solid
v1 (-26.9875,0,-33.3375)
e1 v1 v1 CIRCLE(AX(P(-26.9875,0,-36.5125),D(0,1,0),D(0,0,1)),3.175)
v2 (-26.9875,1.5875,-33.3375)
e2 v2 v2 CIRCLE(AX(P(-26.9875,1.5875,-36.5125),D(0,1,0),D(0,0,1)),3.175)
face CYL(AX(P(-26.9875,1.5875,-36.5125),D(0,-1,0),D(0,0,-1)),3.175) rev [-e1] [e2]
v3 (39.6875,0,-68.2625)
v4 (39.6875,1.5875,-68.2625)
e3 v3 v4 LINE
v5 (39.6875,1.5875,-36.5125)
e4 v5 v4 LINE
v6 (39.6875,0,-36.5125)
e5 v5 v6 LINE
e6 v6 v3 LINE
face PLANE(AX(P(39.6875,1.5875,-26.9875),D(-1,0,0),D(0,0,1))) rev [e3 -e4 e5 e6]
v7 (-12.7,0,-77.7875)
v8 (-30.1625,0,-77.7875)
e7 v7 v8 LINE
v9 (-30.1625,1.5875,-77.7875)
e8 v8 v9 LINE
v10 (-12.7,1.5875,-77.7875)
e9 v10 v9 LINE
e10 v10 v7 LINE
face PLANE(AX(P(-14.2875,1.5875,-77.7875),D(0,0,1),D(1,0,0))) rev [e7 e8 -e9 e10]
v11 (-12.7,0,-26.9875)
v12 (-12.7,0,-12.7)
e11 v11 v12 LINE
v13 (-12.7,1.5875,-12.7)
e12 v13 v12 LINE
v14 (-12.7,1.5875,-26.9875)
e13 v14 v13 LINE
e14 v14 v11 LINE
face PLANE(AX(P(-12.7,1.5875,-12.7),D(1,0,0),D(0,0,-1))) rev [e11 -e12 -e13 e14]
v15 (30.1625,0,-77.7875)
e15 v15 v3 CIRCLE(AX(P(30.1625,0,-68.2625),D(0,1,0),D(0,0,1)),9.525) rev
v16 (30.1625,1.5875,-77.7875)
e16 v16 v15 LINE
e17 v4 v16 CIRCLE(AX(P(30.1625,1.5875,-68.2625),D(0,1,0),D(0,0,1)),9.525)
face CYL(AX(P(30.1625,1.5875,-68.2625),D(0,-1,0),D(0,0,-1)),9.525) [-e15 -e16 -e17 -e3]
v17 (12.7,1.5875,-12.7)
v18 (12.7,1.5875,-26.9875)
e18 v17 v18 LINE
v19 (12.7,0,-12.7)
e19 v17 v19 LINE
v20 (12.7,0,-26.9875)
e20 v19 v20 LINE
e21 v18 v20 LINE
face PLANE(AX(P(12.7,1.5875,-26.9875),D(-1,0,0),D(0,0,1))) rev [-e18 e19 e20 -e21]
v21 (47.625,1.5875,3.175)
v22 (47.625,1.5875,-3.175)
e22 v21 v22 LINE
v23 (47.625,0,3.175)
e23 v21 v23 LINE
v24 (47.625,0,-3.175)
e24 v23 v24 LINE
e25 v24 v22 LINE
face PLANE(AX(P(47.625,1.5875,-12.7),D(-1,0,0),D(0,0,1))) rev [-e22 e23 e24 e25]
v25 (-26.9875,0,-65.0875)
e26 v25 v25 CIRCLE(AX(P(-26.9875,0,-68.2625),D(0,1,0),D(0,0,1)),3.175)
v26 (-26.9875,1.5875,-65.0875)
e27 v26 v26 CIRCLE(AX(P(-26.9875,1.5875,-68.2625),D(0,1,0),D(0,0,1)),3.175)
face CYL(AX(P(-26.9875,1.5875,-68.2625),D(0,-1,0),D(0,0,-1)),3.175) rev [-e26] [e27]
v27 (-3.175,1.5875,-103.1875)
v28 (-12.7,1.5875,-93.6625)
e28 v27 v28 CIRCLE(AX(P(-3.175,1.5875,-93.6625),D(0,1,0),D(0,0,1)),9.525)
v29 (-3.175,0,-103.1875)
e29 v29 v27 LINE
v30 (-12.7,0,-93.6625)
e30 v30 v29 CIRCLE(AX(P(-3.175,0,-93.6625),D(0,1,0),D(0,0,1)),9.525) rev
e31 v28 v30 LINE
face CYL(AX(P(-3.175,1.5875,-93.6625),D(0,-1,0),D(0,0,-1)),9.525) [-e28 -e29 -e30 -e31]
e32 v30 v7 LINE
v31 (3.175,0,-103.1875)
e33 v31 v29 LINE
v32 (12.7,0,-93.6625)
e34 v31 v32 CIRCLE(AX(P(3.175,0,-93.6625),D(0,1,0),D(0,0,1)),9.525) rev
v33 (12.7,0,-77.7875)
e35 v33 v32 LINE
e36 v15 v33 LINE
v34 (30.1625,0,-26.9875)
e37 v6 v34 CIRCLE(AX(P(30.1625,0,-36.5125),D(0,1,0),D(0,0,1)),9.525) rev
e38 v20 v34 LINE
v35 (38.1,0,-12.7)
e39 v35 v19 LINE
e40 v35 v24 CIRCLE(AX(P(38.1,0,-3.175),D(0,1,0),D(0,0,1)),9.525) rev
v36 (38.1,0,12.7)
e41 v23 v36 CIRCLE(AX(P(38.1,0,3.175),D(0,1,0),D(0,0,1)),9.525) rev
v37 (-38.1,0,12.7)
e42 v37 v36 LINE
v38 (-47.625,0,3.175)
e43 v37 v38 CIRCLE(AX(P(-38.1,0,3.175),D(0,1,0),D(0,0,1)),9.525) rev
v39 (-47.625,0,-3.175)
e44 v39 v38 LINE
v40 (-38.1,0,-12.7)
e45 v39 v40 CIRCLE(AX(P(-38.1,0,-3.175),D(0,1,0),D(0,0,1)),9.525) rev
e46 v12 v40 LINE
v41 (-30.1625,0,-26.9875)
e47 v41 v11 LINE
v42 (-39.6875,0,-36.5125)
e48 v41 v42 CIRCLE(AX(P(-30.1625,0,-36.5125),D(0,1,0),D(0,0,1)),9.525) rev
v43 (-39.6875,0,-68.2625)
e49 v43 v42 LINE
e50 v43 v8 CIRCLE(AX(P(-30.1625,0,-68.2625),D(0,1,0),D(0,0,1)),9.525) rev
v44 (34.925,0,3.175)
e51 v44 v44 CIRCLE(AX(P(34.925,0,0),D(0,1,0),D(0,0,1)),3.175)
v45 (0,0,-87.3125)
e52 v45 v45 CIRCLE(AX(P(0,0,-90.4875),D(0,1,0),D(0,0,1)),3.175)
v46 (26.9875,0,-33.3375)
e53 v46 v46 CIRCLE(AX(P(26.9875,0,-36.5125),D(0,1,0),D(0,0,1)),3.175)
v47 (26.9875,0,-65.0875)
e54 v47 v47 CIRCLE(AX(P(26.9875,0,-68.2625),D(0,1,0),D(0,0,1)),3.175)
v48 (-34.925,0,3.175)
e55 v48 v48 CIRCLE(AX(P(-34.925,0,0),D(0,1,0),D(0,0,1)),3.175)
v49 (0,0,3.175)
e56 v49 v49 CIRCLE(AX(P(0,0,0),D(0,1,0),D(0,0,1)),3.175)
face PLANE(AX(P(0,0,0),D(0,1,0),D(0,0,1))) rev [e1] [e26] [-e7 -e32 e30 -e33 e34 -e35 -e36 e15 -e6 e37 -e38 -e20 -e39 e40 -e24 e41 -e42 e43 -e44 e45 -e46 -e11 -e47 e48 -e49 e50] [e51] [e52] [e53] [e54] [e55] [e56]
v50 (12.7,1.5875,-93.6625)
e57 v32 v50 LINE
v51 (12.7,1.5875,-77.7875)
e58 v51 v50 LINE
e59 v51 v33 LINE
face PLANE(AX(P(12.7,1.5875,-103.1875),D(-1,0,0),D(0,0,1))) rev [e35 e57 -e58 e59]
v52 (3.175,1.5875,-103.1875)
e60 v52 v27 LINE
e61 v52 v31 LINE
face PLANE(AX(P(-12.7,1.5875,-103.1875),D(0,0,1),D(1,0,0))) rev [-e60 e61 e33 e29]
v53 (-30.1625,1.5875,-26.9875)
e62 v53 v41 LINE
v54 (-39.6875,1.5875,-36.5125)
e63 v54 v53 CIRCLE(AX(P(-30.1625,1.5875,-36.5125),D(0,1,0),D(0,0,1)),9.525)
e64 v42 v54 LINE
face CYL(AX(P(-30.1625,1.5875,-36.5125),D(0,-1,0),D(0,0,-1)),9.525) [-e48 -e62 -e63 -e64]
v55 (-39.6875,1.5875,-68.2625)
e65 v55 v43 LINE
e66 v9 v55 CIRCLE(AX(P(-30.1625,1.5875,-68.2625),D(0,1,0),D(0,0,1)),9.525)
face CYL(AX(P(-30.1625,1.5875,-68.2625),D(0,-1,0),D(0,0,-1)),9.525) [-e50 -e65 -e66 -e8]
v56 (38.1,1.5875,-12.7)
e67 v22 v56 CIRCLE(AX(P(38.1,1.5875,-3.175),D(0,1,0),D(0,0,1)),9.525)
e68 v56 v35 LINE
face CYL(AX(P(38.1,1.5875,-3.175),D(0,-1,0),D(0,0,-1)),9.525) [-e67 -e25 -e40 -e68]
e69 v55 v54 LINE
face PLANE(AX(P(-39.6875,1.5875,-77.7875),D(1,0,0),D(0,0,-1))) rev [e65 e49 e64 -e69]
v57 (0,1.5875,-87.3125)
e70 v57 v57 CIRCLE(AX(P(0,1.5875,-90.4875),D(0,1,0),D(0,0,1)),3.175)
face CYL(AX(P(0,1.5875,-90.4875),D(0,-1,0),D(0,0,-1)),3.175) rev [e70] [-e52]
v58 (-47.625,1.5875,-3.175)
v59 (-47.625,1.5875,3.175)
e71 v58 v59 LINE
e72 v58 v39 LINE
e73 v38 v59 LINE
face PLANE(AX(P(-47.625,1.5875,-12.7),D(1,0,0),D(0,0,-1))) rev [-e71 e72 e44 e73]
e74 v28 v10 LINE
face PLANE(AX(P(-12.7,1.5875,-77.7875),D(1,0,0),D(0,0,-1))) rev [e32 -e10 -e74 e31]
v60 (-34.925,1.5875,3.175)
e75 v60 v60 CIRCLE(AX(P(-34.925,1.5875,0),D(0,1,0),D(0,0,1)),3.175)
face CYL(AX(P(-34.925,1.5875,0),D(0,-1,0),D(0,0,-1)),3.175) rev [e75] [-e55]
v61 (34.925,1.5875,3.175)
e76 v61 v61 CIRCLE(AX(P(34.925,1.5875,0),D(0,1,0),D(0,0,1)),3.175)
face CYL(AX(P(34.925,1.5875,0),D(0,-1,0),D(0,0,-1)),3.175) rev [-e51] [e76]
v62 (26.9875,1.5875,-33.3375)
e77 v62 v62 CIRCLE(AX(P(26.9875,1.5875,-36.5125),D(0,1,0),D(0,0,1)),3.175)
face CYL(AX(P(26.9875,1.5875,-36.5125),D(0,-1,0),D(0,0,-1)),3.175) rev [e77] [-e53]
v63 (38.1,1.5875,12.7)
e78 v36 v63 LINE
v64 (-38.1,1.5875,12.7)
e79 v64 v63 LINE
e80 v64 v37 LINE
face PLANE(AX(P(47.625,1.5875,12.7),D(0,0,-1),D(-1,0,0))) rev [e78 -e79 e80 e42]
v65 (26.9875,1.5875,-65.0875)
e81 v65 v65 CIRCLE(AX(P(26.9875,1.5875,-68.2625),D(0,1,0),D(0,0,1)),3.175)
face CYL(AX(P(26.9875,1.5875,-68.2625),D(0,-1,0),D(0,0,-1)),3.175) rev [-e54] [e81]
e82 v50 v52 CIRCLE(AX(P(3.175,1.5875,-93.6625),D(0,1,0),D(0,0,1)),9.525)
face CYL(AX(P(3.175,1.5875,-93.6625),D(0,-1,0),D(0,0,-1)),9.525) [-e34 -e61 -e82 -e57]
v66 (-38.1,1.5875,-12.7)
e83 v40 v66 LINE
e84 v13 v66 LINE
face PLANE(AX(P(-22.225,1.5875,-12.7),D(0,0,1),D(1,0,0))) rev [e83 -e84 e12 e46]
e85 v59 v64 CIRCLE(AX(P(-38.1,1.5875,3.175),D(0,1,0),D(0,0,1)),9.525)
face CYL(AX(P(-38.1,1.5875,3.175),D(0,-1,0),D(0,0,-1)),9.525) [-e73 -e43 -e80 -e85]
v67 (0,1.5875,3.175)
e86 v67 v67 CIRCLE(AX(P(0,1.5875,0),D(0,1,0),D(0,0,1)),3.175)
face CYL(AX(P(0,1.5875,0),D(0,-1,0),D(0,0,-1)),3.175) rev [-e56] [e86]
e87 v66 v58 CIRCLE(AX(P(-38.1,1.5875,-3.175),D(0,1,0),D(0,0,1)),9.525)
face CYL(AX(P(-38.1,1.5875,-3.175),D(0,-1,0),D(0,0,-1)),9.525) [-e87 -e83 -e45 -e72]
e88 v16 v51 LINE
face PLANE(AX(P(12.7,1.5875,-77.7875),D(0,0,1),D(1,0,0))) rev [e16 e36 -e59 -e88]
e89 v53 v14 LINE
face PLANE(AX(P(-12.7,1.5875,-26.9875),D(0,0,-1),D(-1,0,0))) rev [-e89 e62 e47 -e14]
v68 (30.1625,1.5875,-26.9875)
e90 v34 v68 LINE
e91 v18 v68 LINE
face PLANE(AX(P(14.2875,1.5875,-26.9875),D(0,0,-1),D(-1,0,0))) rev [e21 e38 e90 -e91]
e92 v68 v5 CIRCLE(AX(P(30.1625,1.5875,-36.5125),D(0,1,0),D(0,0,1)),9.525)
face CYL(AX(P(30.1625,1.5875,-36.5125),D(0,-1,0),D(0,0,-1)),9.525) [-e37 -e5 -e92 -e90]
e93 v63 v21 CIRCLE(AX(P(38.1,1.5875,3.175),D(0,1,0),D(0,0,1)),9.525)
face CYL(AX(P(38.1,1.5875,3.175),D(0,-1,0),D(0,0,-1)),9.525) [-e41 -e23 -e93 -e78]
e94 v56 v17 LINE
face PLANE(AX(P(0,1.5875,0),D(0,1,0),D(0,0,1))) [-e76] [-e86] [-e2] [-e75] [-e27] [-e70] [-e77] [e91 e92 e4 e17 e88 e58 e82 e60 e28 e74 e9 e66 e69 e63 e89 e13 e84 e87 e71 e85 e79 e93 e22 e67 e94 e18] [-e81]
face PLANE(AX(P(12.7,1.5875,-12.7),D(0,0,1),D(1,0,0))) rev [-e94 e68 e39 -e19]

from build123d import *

# Parameters (mm, degrees)
SKETCH1_R           = 3.175
BOSS_EXTRUDE1_DEPTH = 1.5875
FILLET1_R           = 9.525


with BuildPart() as part:
    # Sketch1 → Boss-Extrude1 (new body)
    with BuildSketch(Plane(origin=(0, 0, 0), x_dir=(1, 0, 0), z_dir=(0, 1, 0))):
        Polygon((12.7, 12.7), (14.2875, 12.7), (20.6375, 12.7), (22.225, 12.7), (47.625, 12.7), (47.625, -12.7), (22.225, -12.7), (12.7, -12.7), (-12.7, -12.7), (-22.225, -12.7), (-47.625, -12.7), (-47.625, 12.7), (-22.225, 12.7), (-12.7, 12.7), (-12.7, 25.4), (-12.7, 26.9875), (-14.2875, 26.9875), (-39.6875, 26.9875), (-39.6875, 77.7875), (-14.2875, 77.7875), (-12.7, 77.7875), (-12.7, 103.1875), (12.7, 103.1875), (12.7, 77.7875), (14.2875, 77.7875), (39.6875, 77.7875), (39.6875, 26.9875), (14.2875, 26.9875), (12.7, 26.9875), (12.7, 25.4), align=None)
        with Locations((26.9875, 36.5125)):
            Circle(SKETCH1_R, mode=Mode.SUBTRACT)
        with Locations((26.9875, 68.2625)):
            Circle(SKETCH1_R, mode=Mode.SUBTRACT)
        with Locations((0, 90.4875)):
            Circle(SKETCH1_R, mode=Mode.SUBTRACT)
        with Locations((34.925, 0)):
            Circle(SKETCH1_R, mode=Mode.SUBTRACT)
        Circle(SKETCH1_R, mode=Mode.SUBTRACT)
        with Locations((-34.925, 0)):
            Circle(SKETCH1_R, mode=Mode.SUBTRACT)
        with Locations((-26.9875, 68.2625)):
            Circle(SKETCH1_R, mode=Mode.SUBTRACT)
        with Locations((-26.9875, 36.5125)):
            Circle(SKETCH1_R, mode=Mode.SUBTRACT)
    extrude(amount=BOSS_EXTRUDE1_DEPTH)

    # Fillet1
    fillet1_edges = [part.edges().sort_by_distance(p)[0] for p in [
        (47.625, 0.79375, -12.7),
        (47.625, 0.79375, 12.7),
        (-47.625, 0.79375, 12.7),
        (-47.625, 0.79375, -12.7),
        (-39.6875, 0.79375, -26.9875),
        (-39.6875, 0.79375, -77.7875),
        (-12.7, 0.79375, -103.1875),
        (12.7, 0.79375, -103.1875),
        (39.6875, 0.79375, -77.7875),
        (39.6875, 0.79375, -26.9875),
    ]]
    fillet(fillet1_edges, radius=FILLET1_R)


solid = part.part
